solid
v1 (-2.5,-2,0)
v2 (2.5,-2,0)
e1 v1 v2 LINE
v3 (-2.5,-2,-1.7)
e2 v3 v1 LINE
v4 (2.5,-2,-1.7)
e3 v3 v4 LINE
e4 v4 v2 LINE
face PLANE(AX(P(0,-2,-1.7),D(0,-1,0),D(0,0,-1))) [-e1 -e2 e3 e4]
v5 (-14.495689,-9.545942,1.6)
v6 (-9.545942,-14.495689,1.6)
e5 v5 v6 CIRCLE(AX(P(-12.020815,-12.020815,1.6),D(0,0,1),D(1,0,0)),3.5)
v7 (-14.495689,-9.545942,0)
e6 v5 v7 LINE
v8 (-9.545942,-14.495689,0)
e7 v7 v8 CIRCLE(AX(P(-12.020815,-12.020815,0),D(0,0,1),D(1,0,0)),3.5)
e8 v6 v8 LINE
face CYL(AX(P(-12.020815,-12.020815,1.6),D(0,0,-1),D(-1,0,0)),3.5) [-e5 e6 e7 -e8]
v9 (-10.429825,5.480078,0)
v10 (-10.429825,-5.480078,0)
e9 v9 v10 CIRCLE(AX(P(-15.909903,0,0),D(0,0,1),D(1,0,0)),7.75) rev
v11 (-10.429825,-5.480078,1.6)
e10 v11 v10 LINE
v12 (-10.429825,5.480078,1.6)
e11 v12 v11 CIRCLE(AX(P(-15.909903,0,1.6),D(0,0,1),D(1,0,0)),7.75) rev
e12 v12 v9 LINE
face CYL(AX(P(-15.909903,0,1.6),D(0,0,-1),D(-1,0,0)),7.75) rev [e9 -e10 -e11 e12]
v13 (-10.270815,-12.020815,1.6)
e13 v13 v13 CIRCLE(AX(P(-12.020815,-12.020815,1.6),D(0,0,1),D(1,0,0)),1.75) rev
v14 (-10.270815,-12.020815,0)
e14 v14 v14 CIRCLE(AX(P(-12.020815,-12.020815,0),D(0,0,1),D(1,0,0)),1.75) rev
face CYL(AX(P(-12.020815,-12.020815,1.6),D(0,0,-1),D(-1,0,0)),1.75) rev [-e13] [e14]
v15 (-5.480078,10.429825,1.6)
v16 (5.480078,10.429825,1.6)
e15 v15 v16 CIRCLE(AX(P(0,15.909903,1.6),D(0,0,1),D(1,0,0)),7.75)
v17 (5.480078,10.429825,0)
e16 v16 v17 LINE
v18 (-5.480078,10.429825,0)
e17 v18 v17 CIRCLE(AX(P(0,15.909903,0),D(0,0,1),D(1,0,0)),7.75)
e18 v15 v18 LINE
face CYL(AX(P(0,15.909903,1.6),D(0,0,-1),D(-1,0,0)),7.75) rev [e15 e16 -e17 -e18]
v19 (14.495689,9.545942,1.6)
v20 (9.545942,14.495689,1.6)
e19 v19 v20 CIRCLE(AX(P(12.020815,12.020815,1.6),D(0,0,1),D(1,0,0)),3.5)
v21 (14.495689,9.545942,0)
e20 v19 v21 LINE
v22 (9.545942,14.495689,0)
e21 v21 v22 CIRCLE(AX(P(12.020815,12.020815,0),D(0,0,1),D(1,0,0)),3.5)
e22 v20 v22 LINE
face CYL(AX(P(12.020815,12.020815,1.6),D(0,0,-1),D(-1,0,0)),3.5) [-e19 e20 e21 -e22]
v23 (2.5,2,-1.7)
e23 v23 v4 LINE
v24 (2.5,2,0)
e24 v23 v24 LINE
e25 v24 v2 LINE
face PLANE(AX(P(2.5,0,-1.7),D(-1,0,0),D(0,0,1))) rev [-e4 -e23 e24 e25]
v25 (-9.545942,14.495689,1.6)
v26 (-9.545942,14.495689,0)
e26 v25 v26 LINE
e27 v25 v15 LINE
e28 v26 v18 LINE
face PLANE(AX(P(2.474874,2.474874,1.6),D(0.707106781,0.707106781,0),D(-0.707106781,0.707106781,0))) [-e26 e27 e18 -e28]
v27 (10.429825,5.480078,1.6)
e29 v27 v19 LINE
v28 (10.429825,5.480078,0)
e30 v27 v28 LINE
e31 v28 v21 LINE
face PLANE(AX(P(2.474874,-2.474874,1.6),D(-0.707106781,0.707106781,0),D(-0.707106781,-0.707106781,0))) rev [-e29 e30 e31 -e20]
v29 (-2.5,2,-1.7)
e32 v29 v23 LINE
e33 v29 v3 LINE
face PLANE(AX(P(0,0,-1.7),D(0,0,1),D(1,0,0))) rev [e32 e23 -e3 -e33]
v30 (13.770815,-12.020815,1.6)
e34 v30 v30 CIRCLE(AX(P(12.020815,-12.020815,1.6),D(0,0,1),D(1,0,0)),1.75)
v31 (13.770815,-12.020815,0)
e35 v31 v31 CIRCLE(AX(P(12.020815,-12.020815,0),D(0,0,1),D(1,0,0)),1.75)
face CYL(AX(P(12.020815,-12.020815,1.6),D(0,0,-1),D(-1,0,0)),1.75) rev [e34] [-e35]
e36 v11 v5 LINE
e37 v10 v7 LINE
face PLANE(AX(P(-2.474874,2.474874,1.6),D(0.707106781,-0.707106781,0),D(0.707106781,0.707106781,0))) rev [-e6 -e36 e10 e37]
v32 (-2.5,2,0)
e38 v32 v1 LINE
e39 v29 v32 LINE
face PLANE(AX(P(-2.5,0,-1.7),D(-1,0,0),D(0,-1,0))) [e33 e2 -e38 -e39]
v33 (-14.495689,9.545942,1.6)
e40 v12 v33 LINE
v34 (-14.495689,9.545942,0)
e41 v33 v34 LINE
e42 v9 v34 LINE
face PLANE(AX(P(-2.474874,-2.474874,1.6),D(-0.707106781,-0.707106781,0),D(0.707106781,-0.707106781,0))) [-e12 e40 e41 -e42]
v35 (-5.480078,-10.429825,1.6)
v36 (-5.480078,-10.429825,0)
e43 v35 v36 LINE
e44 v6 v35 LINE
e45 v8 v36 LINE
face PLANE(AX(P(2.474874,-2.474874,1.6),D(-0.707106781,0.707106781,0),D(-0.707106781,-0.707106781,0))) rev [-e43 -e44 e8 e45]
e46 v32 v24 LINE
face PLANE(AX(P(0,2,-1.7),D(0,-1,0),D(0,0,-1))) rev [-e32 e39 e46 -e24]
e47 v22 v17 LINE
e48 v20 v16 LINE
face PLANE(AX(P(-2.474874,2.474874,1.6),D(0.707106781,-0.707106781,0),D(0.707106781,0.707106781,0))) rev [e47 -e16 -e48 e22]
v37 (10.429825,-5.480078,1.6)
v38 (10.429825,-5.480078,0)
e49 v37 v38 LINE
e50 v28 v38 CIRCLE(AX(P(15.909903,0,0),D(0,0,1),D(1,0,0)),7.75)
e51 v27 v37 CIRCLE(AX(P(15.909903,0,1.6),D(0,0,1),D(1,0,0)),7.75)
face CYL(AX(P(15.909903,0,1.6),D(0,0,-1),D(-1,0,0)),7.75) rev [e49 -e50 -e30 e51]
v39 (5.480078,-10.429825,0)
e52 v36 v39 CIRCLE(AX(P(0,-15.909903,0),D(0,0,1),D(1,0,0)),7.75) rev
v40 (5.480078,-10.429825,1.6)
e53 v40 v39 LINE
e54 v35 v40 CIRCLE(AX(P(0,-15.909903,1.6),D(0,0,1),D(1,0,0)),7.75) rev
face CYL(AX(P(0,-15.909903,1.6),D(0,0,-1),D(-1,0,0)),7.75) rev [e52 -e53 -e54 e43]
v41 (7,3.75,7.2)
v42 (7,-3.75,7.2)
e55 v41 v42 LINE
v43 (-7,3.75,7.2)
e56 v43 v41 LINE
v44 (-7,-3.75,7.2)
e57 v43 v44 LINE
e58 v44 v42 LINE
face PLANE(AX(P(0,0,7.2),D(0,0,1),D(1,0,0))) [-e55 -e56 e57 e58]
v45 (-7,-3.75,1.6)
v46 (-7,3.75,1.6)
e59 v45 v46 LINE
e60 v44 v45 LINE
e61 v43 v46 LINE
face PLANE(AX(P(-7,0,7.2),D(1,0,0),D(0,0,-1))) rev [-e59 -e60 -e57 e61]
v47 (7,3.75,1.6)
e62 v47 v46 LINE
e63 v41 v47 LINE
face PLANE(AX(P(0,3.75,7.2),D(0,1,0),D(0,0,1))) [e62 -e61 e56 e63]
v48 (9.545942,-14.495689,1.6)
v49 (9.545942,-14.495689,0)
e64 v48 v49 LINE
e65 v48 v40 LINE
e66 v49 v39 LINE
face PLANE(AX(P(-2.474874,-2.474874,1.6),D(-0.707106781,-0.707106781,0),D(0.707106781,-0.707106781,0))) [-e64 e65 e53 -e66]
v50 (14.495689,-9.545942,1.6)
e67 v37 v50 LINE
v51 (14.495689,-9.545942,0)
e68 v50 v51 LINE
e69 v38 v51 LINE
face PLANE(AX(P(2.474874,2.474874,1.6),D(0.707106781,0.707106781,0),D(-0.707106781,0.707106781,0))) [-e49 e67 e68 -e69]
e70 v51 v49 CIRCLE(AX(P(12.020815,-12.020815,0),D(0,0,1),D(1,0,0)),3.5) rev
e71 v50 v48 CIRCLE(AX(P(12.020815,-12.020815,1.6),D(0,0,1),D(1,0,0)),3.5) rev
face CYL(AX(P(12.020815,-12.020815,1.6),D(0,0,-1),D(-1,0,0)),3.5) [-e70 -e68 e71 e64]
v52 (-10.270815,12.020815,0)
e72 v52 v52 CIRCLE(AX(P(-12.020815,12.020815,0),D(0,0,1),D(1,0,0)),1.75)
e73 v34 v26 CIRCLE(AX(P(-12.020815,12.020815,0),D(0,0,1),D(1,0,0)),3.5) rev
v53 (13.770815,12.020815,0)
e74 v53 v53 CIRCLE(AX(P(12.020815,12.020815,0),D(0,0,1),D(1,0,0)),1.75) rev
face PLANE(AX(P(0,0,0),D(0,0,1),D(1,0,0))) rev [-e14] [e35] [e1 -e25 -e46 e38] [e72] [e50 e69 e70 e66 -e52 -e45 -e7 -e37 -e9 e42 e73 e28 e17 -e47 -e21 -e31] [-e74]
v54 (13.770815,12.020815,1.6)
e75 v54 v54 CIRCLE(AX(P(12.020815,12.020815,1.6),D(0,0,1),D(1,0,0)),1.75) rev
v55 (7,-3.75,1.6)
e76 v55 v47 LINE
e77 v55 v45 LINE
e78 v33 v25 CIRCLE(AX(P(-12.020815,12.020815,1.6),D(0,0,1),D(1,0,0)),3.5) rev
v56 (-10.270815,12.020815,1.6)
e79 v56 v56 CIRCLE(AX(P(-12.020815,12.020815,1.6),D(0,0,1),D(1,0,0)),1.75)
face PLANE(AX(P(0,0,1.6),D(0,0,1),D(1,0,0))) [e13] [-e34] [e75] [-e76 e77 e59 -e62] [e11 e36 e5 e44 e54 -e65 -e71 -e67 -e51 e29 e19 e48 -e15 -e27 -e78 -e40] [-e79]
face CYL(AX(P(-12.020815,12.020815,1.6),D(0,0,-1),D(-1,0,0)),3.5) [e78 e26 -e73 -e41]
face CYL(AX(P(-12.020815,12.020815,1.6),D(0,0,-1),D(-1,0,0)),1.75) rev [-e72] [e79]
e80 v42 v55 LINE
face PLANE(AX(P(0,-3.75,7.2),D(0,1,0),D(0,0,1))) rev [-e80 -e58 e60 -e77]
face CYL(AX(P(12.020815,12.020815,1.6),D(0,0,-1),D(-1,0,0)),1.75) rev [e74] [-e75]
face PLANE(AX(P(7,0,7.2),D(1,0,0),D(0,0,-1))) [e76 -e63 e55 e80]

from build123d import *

# Parameters (mm, degrees)
SKETCH1_R           = 1.75
SKETCH1_W           = 5
SKETCH1_H           = 4
BOSS_EXTRUDE1_DEPTH = 1.6
SKETCH1_3_W         = 14
SKETCH1_3_H         = 7.5
BOSS_EXTRUDE2_DEPTH = 7.2
SKETCH1_5_W         = 5
SKETCH1_5_H         = 4
BOSS_EXTRUDE3_DEPTH = 1.7


with BuildPart() as part:
    # Sketch1 → Boss-Extrude1 (new body)
    with BuildSketch(Plane.XY):
        with BuildLine():
            Line((-14.495689014, 9.545941546), (-10.429825023, 5.480077554))
            ThreePointArc((-10.429825023, 5.480077554), (-8.159902577, 0), (-10.429825023, -5.480077554))
            Line((-10.429825023, -5.480077554), (-14.495689014, -9.545941546))
            ThreePointArc((-14.495689014, -9.545941546), (-14.495689014, -14.495689014), (-9.545941546, -14.495689014))
            Line((-9.545941546, -14.495689014), (-5.480077554, -10.429825023))
            ThreePointArc((-5.480077554, -10.429825023), (0, -8.159902577), (5.480077554, -10.429825023))
            Line((5.480077554, -10.429825023), (9.545941546, -14.495689014))
            ThreePointArc((9.545941546, -14.495689014), (14.495689014, -14.495689014), (14.495689014, -9.545941546))
            Line((14.495689014, -9.545941546), (10.429825023, -5.480077554))
            ThreePointArc((10.429825023, -5.480077554), (8.159902577, 0), (10.429825023, 5.480077554))
            Line((10.429825023, 5.480077554), (14.495689014, 9.545941546))
            ThreePointArc((14.495689014, 9.545941546), (14.495689014, 14.495689014), (9.545941546, 14.495689014))
            Line((9.545941546, 14.495689014), (5.480077554, 10.429825023))
            ThreePointArc((5.480077554, 10.429825023), (0, 8.159902577), (-5.480077554, 10.429825023))
            Line((-5.480077554, 10.429825023), (-9.545941546, 14.495689014))
            ThreePointArc((-9.545941546, 14.495689014), (-14.495689014, 14.495689014), (-14.495689014, 9.545941546))
        make_face()
        with Locations((-12.02081528, -12.02081528)):
            Circle(SKETCH1_R, mode=Mode.SUBTRACT)
        with Locations((12.02081528, -12.02081528)):
            Circle(SKETCH1_R, mode=Mode.SUBTRACT)
        with Locations((-12.02081528, 12.02081528)):
            Circle(SKETCH1_R, mode=Mode.SUBTRACT)
        with Locations((12.02081528, 12.02081528)):
            Circle(SKETCH1_R, mode=Mode.SUBTRACT)
        Rectangle(SKETCH1_W, SKETCH1_H, mode=Mode.SUBTRACT)
    extrude(amount=BOSS_EXTRUDE1_DEPTH)

    # Sketch1<3> → Boss-Extrude2 (add)
    with BuildSketch(Plane.XY):
        Rectangle(SKETCH1_3_W, SKETCH1_3_H)
    extrude(amount=BOSS_EXTRUDE2_DEPTH)

    # Sketch1<5> → Boss-Extrude3 (add)
    with BuildSketch(Plane.XY):
        Rectangle(SKETCH1_5_W, SKETCH1_5_H)
    extrude(amount=-BOSS_EXTRUDE3_DEPTH)


solid = part.part
